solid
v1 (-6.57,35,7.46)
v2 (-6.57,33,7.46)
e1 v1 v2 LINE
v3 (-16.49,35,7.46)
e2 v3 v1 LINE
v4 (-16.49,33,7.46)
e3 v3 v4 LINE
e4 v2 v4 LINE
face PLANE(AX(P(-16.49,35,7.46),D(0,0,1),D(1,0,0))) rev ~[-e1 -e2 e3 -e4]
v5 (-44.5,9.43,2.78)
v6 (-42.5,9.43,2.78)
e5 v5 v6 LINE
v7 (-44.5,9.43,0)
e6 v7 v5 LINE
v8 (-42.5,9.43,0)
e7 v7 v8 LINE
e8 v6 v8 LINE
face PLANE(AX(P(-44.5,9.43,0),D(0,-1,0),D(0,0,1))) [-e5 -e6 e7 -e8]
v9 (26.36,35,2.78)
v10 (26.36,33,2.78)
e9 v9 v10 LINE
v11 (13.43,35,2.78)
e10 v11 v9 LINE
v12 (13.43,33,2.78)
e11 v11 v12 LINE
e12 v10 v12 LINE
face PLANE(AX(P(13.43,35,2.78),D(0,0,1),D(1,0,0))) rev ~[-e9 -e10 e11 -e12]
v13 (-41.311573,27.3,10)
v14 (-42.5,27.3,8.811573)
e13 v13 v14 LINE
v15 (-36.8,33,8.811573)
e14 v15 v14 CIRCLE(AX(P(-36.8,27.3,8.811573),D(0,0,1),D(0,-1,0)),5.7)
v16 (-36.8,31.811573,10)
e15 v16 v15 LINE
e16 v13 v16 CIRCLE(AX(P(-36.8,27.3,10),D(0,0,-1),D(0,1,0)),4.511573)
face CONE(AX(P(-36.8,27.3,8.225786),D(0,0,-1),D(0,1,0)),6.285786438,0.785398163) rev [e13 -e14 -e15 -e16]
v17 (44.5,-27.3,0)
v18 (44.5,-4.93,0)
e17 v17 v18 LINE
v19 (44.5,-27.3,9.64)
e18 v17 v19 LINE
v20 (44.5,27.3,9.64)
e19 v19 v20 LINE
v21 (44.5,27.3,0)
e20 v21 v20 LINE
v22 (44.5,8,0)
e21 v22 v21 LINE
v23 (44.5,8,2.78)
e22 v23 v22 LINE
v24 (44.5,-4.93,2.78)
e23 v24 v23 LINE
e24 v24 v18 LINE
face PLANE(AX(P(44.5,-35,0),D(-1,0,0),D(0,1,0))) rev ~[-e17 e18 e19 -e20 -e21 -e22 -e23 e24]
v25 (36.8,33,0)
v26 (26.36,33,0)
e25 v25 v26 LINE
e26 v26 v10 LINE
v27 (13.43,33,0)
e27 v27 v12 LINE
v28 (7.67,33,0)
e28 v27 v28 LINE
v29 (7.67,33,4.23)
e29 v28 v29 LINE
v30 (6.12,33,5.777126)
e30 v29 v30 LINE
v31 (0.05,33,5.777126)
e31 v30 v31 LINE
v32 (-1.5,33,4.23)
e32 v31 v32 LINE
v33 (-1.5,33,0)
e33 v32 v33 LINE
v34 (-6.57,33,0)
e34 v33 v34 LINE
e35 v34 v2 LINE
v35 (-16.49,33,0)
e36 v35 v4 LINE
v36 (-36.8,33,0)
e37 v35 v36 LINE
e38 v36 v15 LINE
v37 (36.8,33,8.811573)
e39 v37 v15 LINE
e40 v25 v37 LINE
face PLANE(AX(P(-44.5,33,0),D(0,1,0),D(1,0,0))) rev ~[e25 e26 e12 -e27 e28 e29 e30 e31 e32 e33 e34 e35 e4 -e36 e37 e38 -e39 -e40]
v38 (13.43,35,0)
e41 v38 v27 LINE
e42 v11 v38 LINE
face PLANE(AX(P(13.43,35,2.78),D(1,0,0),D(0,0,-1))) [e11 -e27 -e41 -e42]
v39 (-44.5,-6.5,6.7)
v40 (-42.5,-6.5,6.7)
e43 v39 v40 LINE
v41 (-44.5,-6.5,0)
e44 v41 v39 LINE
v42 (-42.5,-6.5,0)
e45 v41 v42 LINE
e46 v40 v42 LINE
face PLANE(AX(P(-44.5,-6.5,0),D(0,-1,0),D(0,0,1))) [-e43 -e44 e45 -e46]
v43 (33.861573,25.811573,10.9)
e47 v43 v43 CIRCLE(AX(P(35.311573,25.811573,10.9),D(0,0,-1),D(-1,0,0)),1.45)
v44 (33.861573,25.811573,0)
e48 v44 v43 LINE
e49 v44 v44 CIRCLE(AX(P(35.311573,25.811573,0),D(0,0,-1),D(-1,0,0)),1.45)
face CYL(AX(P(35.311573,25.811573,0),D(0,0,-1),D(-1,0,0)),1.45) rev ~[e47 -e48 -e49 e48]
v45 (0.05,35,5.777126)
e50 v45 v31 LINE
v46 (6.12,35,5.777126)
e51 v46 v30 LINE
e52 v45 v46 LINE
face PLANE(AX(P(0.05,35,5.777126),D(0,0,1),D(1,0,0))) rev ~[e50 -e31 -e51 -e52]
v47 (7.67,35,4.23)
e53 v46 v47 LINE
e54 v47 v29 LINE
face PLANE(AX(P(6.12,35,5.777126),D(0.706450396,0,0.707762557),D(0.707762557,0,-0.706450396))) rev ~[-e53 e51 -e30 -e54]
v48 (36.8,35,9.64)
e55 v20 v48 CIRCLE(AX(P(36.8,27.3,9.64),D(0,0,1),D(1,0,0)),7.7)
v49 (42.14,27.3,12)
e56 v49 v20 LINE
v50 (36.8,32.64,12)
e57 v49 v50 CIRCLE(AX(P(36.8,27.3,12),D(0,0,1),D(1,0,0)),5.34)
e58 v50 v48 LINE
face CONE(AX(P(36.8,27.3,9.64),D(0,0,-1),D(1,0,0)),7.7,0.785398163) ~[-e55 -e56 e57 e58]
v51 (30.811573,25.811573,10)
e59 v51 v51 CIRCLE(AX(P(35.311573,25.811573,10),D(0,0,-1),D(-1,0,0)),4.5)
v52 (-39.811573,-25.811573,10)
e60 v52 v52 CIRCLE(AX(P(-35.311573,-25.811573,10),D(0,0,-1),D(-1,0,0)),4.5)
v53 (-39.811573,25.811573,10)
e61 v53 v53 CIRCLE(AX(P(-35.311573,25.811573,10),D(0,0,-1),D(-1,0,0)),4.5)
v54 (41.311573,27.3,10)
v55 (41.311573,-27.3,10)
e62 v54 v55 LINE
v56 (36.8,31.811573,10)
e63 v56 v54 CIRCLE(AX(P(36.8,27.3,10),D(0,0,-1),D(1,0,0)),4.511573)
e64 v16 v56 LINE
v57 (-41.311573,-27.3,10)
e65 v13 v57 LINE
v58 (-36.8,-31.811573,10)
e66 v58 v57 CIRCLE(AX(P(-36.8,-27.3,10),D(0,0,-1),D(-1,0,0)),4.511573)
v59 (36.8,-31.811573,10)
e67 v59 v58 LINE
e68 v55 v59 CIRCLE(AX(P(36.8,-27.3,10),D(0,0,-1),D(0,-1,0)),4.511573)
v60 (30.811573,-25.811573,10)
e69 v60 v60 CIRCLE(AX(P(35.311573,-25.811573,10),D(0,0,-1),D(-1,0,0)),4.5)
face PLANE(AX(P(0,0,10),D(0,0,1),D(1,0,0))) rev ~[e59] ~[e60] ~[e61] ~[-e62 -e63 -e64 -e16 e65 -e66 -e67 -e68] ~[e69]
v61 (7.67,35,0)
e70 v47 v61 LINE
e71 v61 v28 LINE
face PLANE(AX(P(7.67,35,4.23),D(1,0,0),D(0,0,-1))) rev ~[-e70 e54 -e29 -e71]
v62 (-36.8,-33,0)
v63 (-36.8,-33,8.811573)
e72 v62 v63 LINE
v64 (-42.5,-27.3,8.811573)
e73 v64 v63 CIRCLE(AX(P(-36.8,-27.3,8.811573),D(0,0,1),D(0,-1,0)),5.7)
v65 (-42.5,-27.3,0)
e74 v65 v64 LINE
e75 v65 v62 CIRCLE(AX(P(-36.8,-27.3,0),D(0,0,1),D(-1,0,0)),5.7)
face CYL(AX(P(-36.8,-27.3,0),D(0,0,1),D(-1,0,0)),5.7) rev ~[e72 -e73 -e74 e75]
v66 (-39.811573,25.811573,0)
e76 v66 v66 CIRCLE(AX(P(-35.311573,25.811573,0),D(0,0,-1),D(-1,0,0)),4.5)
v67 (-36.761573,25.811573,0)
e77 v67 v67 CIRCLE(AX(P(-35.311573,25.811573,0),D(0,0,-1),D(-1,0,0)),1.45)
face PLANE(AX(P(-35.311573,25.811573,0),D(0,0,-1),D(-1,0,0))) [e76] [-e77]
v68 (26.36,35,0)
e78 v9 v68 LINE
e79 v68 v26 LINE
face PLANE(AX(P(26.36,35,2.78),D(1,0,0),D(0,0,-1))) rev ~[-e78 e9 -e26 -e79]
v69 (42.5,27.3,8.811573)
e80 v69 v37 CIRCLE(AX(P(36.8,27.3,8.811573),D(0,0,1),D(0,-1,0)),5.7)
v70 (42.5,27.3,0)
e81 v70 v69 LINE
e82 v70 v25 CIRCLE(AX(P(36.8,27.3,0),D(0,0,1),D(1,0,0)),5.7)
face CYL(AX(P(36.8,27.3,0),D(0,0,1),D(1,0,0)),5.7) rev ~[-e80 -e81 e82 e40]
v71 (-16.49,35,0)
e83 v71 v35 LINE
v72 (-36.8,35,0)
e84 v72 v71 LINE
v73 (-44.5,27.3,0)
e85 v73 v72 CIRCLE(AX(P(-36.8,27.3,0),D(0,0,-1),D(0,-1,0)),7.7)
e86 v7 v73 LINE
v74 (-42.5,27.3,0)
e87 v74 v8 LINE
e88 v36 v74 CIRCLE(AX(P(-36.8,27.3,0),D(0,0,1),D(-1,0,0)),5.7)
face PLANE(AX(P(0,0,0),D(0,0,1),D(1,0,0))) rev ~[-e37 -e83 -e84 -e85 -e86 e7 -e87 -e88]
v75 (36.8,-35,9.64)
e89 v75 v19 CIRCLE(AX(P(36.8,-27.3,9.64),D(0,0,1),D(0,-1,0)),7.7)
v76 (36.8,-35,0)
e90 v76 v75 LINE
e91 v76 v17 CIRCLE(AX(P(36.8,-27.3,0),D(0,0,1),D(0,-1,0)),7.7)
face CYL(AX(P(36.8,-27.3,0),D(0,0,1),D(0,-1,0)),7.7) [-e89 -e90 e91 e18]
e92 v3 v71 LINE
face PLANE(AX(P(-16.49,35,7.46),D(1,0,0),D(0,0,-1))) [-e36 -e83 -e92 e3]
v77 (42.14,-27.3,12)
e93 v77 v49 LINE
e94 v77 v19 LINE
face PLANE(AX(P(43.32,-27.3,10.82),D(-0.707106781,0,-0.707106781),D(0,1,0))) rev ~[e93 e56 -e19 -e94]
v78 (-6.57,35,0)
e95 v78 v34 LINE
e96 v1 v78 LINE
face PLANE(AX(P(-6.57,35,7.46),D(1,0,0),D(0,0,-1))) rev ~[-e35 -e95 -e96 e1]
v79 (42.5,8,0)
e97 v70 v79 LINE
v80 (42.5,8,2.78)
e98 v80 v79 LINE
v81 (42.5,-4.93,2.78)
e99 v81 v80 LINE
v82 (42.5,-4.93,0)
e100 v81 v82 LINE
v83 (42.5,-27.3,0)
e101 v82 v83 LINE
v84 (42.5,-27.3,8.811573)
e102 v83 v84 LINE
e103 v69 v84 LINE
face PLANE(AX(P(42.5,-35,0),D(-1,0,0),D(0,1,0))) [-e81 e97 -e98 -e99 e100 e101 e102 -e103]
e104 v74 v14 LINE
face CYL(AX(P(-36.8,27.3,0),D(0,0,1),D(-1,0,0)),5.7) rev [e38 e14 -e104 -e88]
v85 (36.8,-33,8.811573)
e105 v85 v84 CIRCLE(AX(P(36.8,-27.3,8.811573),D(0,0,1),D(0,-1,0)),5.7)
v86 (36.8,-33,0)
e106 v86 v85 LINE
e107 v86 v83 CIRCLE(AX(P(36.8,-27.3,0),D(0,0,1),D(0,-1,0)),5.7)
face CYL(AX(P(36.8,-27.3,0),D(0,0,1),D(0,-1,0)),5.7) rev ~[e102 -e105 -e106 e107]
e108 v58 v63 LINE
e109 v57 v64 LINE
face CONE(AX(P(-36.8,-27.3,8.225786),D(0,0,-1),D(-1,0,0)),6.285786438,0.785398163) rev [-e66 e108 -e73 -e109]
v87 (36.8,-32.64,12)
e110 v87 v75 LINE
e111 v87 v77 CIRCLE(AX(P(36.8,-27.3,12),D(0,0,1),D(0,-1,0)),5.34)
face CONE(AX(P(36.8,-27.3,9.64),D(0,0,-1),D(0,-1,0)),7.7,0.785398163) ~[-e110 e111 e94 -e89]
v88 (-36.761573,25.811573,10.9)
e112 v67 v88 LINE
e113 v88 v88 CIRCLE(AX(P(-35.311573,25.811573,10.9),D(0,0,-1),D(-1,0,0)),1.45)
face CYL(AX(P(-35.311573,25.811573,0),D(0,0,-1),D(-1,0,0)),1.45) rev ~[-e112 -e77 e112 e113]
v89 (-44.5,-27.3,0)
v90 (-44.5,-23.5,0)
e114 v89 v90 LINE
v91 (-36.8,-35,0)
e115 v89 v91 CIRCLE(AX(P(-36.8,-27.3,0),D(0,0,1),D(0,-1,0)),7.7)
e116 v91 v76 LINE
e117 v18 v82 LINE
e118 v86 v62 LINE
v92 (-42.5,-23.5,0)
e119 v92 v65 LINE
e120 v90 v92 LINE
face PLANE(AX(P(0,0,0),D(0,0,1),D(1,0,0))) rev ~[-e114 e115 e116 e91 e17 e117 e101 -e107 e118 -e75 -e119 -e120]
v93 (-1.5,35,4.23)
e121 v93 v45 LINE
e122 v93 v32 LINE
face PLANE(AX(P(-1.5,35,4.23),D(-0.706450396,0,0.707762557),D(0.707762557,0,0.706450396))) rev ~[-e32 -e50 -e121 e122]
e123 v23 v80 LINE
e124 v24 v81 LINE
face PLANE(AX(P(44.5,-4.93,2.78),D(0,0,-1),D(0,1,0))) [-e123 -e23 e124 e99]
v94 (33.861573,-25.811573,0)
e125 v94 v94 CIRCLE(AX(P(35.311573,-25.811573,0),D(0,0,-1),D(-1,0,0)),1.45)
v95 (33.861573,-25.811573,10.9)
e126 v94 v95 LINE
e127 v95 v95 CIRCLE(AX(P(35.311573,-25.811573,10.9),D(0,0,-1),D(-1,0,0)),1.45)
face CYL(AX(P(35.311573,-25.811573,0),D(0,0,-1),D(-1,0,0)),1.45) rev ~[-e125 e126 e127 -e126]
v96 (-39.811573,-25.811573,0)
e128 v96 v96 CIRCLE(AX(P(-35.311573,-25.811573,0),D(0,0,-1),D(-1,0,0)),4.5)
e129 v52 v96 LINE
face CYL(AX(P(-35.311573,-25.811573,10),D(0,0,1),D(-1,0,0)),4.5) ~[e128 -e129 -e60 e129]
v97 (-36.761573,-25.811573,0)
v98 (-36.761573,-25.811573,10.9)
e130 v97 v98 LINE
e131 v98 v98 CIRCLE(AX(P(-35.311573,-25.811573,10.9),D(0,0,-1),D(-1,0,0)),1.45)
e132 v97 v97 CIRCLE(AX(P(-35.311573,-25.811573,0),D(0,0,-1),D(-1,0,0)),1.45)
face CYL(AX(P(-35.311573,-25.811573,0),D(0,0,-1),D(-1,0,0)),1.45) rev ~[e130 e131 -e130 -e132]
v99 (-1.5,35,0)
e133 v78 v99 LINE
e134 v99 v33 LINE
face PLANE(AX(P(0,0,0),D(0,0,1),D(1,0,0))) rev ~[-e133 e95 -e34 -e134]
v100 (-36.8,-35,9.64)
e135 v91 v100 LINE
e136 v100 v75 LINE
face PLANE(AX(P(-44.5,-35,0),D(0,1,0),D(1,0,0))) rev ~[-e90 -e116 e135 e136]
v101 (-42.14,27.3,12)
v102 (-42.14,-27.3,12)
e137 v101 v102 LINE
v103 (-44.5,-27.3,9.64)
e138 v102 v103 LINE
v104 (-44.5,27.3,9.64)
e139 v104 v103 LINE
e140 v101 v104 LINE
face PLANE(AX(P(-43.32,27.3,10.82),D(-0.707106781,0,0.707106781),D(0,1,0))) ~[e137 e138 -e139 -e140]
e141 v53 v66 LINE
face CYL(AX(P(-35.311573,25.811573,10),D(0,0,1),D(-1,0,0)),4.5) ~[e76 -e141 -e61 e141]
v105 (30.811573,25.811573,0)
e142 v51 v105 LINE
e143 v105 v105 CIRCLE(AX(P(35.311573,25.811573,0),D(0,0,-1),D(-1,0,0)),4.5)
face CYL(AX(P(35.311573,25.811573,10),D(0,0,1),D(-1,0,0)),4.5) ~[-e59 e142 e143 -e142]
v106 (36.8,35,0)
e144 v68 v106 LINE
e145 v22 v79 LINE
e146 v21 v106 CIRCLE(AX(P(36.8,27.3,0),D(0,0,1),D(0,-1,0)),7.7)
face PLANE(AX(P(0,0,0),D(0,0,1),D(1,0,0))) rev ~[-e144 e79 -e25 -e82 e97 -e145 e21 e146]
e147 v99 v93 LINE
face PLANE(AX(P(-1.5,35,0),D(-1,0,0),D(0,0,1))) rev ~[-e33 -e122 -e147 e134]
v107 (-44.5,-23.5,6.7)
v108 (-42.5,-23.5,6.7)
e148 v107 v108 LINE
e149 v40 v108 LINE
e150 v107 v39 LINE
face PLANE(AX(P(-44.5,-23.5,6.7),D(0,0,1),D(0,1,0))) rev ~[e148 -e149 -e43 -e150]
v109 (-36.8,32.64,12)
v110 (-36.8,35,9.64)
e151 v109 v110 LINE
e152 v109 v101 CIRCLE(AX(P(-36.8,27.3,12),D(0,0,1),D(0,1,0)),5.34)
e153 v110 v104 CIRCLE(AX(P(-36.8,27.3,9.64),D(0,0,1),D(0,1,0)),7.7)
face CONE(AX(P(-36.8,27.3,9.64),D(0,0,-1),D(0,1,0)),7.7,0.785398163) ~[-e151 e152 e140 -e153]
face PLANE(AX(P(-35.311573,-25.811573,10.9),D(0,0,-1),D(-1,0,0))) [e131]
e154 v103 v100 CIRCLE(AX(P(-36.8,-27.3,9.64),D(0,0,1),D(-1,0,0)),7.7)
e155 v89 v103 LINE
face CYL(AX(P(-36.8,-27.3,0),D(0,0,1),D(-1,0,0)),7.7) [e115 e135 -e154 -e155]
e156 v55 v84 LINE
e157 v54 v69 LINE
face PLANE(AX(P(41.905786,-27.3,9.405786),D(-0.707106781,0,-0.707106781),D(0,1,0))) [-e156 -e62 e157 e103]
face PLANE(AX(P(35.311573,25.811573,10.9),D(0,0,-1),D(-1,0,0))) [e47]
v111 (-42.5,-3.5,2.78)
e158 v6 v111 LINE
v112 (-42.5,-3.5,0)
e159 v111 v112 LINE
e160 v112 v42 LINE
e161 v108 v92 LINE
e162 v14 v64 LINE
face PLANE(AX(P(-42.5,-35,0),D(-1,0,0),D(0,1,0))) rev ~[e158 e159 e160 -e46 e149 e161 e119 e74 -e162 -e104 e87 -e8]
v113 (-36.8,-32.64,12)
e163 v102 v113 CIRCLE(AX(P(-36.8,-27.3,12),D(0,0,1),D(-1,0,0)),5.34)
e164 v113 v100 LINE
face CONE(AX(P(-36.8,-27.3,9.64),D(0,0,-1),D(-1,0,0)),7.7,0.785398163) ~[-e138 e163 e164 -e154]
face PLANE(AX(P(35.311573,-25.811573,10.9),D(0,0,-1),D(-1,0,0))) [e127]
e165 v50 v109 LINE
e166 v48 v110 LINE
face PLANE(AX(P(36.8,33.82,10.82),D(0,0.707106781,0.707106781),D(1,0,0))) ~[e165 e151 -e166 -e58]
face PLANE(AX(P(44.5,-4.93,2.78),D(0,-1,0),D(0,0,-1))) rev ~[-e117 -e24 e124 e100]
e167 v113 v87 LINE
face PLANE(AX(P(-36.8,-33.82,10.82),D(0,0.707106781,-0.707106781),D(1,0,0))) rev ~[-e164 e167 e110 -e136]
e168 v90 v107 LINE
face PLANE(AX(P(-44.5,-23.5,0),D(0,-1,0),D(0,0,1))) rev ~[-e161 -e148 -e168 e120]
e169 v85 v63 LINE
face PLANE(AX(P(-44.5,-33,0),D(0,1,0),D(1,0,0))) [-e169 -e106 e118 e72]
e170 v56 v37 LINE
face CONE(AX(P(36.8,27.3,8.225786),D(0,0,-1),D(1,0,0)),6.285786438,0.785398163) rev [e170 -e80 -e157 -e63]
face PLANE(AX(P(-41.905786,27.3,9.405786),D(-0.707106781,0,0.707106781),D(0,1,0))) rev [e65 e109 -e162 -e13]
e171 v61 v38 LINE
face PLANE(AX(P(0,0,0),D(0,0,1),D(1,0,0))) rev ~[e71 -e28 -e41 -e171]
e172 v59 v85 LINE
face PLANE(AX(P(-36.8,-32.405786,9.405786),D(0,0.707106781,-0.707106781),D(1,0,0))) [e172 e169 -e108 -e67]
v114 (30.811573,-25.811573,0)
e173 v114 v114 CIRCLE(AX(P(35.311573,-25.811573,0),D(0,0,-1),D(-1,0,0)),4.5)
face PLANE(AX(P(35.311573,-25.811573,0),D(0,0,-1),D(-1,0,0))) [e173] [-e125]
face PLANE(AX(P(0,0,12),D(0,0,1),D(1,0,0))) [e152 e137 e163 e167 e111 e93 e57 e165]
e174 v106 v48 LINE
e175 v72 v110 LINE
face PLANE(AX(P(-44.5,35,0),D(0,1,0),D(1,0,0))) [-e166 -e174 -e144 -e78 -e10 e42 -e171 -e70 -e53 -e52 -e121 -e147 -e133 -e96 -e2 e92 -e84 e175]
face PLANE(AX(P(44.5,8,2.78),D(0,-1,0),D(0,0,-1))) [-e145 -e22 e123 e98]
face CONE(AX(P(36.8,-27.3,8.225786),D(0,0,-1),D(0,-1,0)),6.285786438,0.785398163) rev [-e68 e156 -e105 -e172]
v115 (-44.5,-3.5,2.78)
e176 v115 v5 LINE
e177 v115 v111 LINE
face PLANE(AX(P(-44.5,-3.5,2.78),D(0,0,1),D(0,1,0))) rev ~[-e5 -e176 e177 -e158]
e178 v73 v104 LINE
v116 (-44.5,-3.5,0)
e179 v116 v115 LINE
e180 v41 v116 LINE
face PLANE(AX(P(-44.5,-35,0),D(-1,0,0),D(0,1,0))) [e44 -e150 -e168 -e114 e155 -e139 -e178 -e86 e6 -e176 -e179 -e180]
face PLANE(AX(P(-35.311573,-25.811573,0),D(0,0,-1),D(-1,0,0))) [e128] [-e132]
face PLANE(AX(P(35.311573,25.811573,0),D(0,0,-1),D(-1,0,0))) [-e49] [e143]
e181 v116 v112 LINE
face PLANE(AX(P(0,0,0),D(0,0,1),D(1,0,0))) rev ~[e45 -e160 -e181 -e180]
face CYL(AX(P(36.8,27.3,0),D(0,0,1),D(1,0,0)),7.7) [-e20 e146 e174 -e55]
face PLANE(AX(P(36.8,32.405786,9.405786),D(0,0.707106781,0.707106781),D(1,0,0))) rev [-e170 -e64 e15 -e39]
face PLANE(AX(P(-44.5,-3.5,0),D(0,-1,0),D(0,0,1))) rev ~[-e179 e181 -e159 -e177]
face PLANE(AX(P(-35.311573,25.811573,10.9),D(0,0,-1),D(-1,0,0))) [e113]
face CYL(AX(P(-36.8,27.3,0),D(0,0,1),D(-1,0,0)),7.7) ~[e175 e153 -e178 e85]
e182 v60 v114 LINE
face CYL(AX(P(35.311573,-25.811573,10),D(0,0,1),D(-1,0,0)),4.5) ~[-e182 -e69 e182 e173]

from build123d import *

# Parameters (mm, degrees)
SKETCH_1_W                      = 89
SKETCH_1_H                      = 70
EXTRUDE_1_DEPTH                 = 12
FILLET_1_R                      = 7.7
CHAMFER_1_SIZE                  = 2.36
SHELL_1_T                       = -2
CUT_EXTRUDE_1_REACH             = 72
SKETCH_2_W                      = 9.92
SKETCH_2_H                      = 7.46
SKETCH_2_W_2                    = 12.93
SKETCH_2_H_2                    = 2.78
CUT_EXTRUDE_2_REACH             = 91
SKETCH_3_W                      = 2.78
SKETCH_3_H                      = 12.93
SKETCH_3_W_2                    = 6.7
SKETCH_3_H_2                    = 17
CUT_EXTRUDE_2_DIRECTION_2_DEPTH = 1
CUT_EXTRUDE_3_REACH             = 91
SKETCH_4_W                      = 2.78
SKETCH_4_H                      = 12.93
SKETCH_5_R                      = 4.5
EXTRUDE_2_DEPTH                 = 10
SKETCH_6_R                      = 1.45
CUT_EXTRUDE_4_DEPTH             = 10.9


with BuildPart() as part:
    # 草圖1 → 填料-伸長1 (new body)
    with BuildSketch(Plane.XY):
        Rectangle(SKETCH_1_W, SKETCH_1_H)
    extrude(amount=EXTRUDE_1_DEPTH)

    # 圓角1
    fillet_1_edges = [part.edges().sort_by_distance(p)[0] for p in [
        (44.5, -35, 6),
        (-44.5, -35, 6),
        (-44.5, 35, 6),
        (44.5, 35, 6),
    ]]
    fillet(fillet_1_edges, radius=FILLET_1_R)

    # 導角1
    chamfer_1_edges = [part.edges().sort_by_distance(p)[0] for p in [
        (44.5, 0, 12),
        (0, -35, 12),
        (0, 35, 12),
        (-44.5, 0, 12),
        (-42.244722215, 32.744722215, 12),
        (-42.244722215, -32.744722215, 12),
        (42.244722215, 32.744722215, 12),
        (42.244722215, -32.744722215, 12),
    ]]
    chamfer(chamfer_1_edges, length=CHAMFER_1_SIZE)

    # 薄殼1
    shell_1_openings = [part.faces().sort_by_distance(p)[0] for p in [
        (0, 0, 0),
    ]]
    offset(amount=SHELL_1_T, openings=shell_1_openings, kind=Kind.INTERSECTION)

    # 草圖2 → 除料-伸長1 (cut, up to next)
    with BuildSketch(Plane(origin=(0, 35, 0), x_dir=(1, 0, 0), z_dir=(0, 1, 0)), mode=Mode.PRIVATE) as cut_extrude_1_sk1:
        with Locations((-11.53, -3.73)):
            Rectangle(SKETCH_2_W, SKETCH_2_H)
    cut_extrude_1_tool1 = extrude(cut_extrude_1_sk1.sketch, amount=-CUT_EXTRUDE_1_REACH, mode=Mode.PRIVATE) & part.part
    add(cut_extrude_1_tool1.solids().sort_by_distance((-11.53, 35, 3.73))[0], mode=Mode.SUBTRACT)
    # 草圖2 → 除料-伸長1 (cut, up to next)
    with BuildSketch(Plane(origin=(0, 35, 0), x_dir=(1, 0, 0), z_dir=(0, 1, 0)), mode=Mode.PRIVATE) as cut_extrude_1_sk2:
        Polygon((-1.5, 0), (-1.5, -4.23), (0.05, -5.777126368), (6.12, -5.777126368), (7.67, -4.23), (7.67, 0), align=None)
    cut_extrude_1_tool2 = extrude(cut_extrude_1_sk2.sketch, amount=-CUT_EXTRUDE_1_REACH, mode=Mode.PRIVATE) & part.part
    add(cut_extrude_1_tool2.solids().sort_by_distance((3.085, 35, 2.77606))[0], mode=Mode.SUBTRACT)
    # 草圖2 → 除料-伸長1 (cut, up to next)
    with BuildSketch(Plane(origin=(0, 35, 0), x_dir=(1, 0, 0), z_dir=(0, 1, 0)), mode=Mode.PRIVATE) as cut_extrude_1_sk3:
        with Locations((19.895, -1.39)):
            Rectangle(SKETCH_2_W_2, SKETCH_2_H_2)
    cut_extrude_1_tool3 = extrude(cut_extrude_1_sk3.sketch, amount=-CUT_EXTRUDE_1_REACH, mode=Mode.PRIVATE) & part.part
    add(cut_extrude_1_tool3.solids().sort_by_distance((19.895, 35, 1.39))[0], mode=Mode.SUBTRACT)

    # 草圖3 → 除料-伸長2 (cut, up to next)
    with BuildSketch(Plane.ZY.offset(44.5), mode=Mode.PRIVATE) as cut_extrude_2_sk1:
        with Locations((1.39, 2.965)):
            Rectangle(SKETCH_3_W, SKETCH_3_H)
    cut_extrude_2_tool1 = extrude(cut_extrude_2_sk1.sketch, amount=-CUT_EXTRUDE_2_REACH, mode=Mode.PRIVATE) & part.part
    add(cut_extrude_2_tool1.solids().sort_by_distance((-44.5, 2.965, 1.39))[0], mode=Mode.SUBTRACT)
    # 草圖3 → 除料-伸長2 (cut, up to next)
    with BuildSketch(Plane.ZY.offset(44.5), mode=Mode.PRIVATE) as cut_extrude_2_sk2:
        with Locations((3.35, -15)):
            Rectangle(SKETCH_3_W_2, SKETCH_3_H_2)
    cut_extrude_2_tool2 = extrude(cut_extrude_2_sk2.sketch, amount=-CUT_EXTRUDE_2_REACH, mode=Mode.PRIVATE) & part.part
    add(cut_extrude_2_tool2.solids().sort_by_distance((-44.5, -15, 3.35))[0], mode=Mode.SUBTRACT)

    # 草圖3 → 除料-伸長2 direction 2 (cut)
    with BuildSketch(Plane.ZY.offset(44.5)):
        with Locations((1.39, 2.965)):
            Rectangle(SKETCH_3_W, SKETCH_3_H)
        with Locations((3.35, -15)):
            Rectangle(SKETCH_3_W_2, SKETCH_3_H_2)
    extrude(amount=CUT_EXTRUDE_2_DIRECTION_2_DEPTH, mode=Mode.SUBTRACT)

    # 草圖4 → 除料-伸長3 (cut, up to next)
    with BuildSketch(Plane(origin=(44.5, 0, 0), x_dir=(0, 0, -1), z_dir=(1, 0, 0)), mode=Mode.PRIVATE) as cut_extrude_3_sk1:
        with Locations((-1.39, 1.535)):
            Rectangle(SKETCH_4_W, SKETCH_4_H)
    cut_extrude_3_tool1 = extrude(cut_extrude_3_sk1.sketch, amount=-CUT_EXTRUDE_3_REACH, mode=Mode.PRIVATE) & part.part
    add(cut_extrude_3_tool1.solids().sort_by_distance((44.5, 1.535, 1.39))[0], mode=Mode.SUBTRACT)

    # 草圖5 → 填料-伸長2 (add)
    with BuildSketch(Plane(origin=(0, 0, 10), x_dir=(-1, 0, 0), z_dir=(0, 0, -1))):
        with Locations((-35.311572875, 25.811572875)):
            Circle(SKETCH_5_R)
        with Locations((35.311572875, 25.811572875)):
            Circle(SKETCH_5_R)
        with Locations((35.311572875, -25.811572875)):
            Circle(SKETCH_5_R)
        with Locations((-35.311572875, -25.811572875)):
            Circle(SKETCH_5_R)
    extrude(amount=EXTRUDE_2_DEPTH)

    # 草圖6 → 除料-伸長4 (cut)
    with BuildSketch(Plane(origin=(0, 0, 0), x_dir=(-1, 0, 0), z_dir=(0, 0, -1))):
        with Locations((-35.311572875, 25.811572875)):
            Circle(SKETCH_6_R)
        with Locations((35.311572875, 25.811572875)):
            Circle(SKETCH_6_R)
        with Locations((35.311572875, -25.811572875)):
            Circle(SKETCH_6_R)
        with Locations((-35.311572875, -25.811572875)):
            Circle(SKETCH_6_R)
    extrude(amount=-CUT_EXTRUDE_4_DEPTH, mode=Mode.SUBTRACT)


solid = part.part
